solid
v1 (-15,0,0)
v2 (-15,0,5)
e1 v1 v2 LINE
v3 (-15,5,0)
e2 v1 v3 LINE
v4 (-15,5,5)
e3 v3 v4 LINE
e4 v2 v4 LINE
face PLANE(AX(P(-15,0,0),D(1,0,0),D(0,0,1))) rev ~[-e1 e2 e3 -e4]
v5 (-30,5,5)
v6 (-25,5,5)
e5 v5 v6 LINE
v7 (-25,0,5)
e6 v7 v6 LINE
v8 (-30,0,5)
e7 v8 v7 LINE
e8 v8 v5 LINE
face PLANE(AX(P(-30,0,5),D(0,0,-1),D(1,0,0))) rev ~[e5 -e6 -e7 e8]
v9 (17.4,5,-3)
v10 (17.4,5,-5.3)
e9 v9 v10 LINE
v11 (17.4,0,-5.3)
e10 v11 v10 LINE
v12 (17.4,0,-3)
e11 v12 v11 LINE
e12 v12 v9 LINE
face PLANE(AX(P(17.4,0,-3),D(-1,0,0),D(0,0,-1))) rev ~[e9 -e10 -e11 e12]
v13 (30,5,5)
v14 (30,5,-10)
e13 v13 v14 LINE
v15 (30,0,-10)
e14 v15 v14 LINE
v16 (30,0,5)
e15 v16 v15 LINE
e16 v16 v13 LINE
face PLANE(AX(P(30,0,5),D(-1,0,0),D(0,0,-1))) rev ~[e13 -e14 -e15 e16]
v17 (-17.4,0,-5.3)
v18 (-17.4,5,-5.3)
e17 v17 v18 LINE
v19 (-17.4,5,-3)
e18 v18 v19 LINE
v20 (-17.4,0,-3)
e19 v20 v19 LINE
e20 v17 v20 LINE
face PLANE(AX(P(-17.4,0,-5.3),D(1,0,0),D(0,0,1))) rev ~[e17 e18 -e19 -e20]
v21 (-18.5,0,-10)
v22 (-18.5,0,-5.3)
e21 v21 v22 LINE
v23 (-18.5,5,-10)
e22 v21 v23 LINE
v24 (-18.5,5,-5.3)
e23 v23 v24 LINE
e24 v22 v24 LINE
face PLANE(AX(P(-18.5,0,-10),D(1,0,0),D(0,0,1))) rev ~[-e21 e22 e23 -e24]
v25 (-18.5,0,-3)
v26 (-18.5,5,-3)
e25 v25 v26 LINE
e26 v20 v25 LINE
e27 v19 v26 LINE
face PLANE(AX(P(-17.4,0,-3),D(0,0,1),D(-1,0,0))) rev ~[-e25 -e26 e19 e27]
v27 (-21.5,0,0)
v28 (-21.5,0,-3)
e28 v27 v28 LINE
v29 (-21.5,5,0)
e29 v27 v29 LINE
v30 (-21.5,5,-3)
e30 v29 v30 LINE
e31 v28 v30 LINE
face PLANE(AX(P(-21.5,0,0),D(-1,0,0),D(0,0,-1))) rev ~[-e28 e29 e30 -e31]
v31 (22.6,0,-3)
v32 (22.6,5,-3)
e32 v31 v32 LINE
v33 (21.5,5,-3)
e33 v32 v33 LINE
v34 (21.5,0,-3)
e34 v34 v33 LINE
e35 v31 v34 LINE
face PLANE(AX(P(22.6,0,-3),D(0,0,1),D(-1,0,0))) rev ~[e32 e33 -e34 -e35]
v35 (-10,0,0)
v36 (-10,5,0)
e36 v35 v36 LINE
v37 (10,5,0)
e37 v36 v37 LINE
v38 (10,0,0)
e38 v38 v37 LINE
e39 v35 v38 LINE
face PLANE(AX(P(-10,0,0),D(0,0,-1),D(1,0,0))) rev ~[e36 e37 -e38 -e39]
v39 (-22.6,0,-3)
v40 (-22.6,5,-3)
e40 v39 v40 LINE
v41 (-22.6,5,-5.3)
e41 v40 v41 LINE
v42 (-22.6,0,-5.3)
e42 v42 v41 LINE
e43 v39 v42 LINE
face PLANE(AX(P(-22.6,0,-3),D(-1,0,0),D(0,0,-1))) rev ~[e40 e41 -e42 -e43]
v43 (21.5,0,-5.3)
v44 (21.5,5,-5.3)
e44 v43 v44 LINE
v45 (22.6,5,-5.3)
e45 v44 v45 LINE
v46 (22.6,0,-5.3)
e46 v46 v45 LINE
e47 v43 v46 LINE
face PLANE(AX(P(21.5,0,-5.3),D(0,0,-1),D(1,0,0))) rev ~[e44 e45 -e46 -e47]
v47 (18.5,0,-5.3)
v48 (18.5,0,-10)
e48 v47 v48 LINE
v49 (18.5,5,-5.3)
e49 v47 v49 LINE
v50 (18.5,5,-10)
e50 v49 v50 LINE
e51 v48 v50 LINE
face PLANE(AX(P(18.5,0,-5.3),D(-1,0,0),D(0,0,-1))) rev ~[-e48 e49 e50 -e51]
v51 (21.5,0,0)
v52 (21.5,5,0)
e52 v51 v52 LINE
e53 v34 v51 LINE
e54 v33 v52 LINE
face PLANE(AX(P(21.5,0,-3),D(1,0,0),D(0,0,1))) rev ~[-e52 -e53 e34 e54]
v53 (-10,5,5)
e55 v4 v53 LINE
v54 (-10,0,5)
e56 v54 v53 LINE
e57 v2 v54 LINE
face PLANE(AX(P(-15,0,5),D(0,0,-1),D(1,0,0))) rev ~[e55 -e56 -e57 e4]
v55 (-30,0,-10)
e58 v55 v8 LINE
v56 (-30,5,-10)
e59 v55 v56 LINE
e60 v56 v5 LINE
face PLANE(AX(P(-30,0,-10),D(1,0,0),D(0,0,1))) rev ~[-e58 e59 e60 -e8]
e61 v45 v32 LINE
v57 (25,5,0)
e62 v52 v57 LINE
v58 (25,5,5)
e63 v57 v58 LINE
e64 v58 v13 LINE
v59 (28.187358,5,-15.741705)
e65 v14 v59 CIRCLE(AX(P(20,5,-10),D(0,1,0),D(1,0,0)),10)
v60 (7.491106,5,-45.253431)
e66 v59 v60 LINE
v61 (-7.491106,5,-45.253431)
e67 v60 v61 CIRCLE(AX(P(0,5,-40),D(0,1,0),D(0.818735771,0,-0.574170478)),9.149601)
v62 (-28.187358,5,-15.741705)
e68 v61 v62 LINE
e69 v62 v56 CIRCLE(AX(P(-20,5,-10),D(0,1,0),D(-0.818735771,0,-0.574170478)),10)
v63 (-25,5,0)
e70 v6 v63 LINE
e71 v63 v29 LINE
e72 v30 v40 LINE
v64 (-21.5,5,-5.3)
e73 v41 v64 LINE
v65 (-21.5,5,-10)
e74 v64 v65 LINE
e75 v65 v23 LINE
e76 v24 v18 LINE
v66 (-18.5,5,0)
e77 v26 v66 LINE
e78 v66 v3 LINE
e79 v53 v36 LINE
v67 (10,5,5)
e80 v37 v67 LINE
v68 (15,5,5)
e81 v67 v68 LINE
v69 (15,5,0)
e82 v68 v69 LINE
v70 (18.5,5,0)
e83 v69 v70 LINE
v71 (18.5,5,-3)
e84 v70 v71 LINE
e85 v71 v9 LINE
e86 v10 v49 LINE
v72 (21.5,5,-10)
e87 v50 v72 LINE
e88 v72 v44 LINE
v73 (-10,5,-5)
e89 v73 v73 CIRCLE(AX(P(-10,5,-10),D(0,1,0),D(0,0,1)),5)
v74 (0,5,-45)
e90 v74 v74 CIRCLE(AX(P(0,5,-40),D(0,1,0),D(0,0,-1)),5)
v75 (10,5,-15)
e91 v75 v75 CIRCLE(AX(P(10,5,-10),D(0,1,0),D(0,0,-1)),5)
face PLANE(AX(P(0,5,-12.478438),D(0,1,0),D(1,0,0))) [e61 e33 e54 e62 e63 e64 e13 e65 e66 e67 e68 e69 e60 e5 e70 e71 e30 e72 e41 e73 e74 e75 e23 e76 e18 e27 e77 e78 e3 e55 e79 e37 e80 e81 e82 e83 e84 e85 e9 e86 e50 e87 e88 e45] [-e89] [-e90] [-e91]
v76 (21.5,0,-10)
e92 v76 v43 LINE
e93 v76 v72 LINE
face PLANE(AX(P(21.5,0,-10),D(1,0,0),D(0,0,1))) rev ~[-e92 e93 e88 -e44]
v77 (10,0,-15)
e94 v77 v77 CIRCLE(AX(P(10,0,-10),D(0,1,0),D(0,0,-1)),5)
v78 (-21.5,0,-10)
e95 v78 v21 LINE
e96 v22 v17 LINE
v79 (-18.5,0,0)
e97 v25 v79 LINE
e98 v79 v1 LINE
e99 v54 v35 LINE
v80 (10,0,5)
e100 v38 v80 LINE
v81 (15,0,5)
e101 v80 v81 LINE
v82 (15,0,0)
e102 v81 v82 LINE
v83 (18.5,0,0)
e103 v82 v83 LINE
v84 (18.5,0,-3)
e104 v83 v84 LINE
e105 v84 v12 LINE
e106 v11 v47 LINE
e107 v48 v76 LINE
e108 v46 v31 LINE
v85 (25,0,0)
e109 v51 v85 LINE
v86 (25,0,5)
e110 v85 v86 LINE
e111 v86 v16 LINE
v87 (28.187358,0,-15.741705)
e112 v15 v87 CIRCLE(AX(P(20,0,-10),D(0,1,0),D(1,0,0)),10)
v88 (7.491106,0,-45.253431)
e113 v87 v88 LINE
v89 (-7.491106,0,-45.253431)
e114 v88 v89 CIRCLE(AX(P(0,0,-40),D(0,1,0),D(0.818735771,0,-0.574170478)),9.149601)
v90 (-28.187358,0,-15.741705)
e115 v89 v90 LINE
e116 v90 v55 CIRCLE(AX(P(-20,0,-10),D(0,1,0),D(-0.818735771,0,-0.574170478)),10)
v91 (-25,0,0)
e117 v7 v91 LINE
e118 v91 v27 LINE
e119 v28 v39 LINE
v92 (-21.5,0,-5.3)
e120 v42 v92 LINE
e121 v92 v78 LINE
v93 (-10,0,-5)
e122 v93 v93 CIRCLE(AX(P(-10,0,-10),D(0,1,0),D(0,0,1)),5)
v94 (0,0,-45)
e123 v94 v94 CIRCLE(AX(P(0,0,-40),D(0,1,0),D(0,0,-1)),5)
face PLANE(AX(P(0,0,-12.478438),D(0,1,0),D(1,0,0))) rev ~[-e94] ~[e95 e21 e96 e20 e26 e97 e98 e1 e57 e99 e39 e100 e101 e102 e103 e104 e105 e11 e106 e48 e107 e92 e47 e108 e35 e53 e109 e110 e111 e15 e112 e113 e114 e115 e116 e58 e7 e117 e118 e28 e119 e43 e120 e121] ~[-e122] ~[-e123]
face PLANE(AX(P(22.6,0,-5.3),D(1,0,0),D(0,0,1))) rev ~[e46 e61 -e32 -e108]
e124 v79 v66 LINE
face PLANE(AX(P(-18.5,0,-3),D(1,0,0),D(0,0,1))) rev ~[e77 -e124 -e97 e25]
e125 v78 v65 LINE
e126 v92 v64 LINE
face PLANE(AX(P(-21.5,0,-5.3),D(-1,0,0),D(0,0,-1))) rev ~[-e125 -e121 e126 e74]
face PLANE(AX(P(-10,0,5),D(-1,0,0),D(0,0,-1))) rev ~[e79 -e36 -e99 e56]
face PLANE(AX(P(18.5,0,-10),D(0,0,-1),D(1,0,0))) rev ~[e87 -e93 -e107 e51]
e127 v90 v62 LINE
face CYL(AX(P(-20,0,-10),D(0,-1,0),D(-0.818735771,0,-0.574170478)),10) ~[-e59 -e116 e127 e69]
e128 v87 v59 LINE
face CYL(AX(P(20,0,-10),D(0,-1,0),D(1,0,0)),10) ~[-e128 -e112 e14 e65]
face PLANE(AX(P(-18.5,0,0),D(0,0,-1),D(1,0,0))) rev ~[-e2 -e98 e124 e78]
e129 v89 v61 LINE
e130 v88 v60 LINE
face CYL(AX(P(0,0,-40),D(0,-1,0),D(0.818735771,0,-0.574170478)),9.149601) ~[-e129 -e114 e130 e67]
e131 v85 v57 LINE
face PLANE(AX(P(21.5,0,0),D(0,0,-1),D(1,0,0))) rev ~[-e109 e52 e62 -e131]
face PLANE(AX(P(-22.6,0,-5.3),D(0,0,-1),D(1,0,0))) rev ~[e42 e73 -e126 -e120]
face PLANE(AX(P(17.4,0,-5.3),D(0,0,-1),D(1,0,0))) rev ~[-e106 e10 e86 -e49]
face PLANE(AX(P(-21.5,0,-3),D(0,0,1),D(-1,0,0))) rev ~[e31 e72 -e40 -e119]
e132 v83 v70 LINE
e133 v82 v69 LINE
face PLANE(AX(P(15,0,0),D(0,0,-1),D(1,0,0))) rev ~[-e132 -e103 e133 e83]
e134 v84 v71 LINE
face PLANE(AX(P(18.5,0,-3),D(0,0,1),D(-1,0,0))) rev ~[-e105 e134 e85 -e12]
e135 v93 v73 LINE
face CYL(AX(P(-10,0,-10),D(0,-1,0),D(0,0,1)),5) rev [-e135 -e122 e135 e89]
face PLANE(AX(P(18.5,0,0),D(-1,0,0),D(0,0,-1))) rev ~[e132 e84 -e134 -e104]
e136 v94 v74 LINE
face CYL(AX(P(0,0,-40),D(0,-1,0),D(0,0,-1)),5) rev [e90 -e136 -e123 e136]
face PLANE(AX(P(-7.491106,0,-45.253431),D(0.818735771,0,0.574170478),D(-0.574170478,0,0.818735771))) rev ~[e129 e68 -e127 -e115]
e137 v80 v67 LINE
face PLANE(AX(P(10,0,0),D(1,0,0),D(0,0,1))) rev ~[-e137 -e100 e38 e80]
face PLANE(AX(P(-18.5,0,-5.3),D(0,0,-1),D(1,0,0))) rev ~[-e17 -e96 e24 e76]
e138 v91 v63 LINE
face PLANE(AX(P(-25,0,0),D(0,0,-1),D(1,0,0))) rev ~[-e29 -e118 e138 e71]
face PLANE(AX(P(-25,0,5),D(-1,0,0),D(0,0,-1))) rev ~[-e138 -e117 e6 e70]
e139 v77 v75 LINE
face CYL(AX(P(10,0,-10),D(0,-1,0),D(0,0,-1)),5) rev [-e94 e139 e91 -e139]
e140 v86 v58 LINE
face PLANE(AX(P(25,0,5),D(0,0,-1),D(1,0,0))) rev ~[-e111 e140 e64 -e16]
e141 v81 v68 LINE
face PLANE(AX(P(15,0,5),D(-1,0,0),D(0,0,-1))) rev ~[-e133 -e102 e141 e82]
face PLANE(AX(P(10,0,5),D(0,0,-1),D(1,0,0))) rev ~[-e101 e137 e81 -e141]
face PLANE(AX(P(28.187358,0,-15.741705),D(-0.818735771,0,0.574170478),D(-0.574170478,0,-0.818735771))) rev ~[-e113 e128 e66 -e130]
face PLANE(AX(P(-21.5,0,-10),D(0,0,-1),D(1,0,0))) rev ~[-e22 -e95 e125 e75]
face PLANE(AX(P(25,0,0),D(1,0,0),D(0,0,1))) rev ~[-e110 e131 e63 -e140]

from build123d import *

# Parameters (mm, degrees)
SKETCH1_R           = 5
BOSS_EXTRUDE1_DEPTH = 5


with BuildPart() as part:
    # Sketch1 → Boss-Extrude1 (new body)
    with BuildSketch(Plane(origin=(0, 0, 0), x_dir=(1, 0, 0), z_dir=(0, 1, 0))):
        with BuildLine():
            Line((-30, 10), (-30, -5))
            Line((-30, -5), (-25, -5))
            Line((-25, -5), (-25, 0))
            Line((-25, 0), (-21.5, 0))
            Line((-21.5, 0), (-21.5, 3))
            Line((-21.5, 3), (-22.6, 3))
            Line((-22.6, 3), (-22.6, 5.3))
            Line((-22.6, 5.3), (-21.5, 5.3))
            Line((-21.5, 5.3), (-21.5, 10))
            Line((-21.5, 10), (-18.5, 10))
            Line((-18.5, 10), (-18.5, 5.3))
            Line((-18.5, 5.3), (-17.4, 5.3))
            Line((-17.4, 5.3), (-17.4, 3))
            Line((-17.4, 3), (-18.5, 3))
            Line((-18.5, 3), (-18.5, 0))
            Line((-18.5, 0), (-15, 0))
            Line((-15, 0), (-15, -5))
            Line((-15, -5), (-10, -5))
            Line((-10, -5), (-10, 0))
            Line((-10, 0), (10, 0))
            Line((10, 0), (10, -5))
            Line((10, -5), (15, -5))
            Line((15, -5), (15, 0))
            Line((15, 0), (18.5, 0))
            Line((18.5, 0), (18.5, 3))
            Line((18.5, 3), (17.4, 3))
            Line((17.4, 3), (17.4, 5.3))
            Line((17.4, 5.3), (18.5, 5.3))
            Line((18.5, 5.3), (18.5, 10))
            Line((18.5, 10), (21.5, 10))
            Line((21.5, 10), (21.5, 5.3))
            Line((21.5, 5.3), (22.6, 5.3))
            Line((22.6, 5.3), (22.6, 3))
            Line((22.6, 3), (21.5, 3))
            Line((21.5, 3), (21.5, 0))
            Line((21.5, 0), (25, 0))
            Line((25, 0), (25, -5))
            Line((25, -5), (30, -5))
            Line((30, -5), (30, 10))
            ThreePointArc((30, 10), (29.536078258, 13.01051681), (28.187357708, 15.741704779))
            Line((28.187357708, 15.741704779), (7.491105691, 45.253430824))
            ThreePointArc((7.491105691, 45.253430824), (0, 49.149601078), (-7.491105691, 45.253430824))
            Line((-7.491105691, 45.253430824), (-28.187357708, 15.741704779))
            ThreePointArc((-28.187357708, 15.741704779), (-29.536078258, 13.01051681), (-30, 10))
        make_face()
        with Locations(Location((0, 40, 0), (0, 0, 90))):
            Circle(SKETCH1_R, mode=Mode.SUBTRACT)
        with Locations(Location((-10, 10, 0), (0, 0, 270))):
            Circle(SKETCH1_R, mode=Mode.SUBTRACT)
        with Locations(Location((10, 10, 0), (0, 0, 90))):
            Circle(SKETCH1_R, mode=Mode.SUBTRACT)
    extrude(amount=BOSS_EXTRUDE1_DEPTH)


solid = part.part
